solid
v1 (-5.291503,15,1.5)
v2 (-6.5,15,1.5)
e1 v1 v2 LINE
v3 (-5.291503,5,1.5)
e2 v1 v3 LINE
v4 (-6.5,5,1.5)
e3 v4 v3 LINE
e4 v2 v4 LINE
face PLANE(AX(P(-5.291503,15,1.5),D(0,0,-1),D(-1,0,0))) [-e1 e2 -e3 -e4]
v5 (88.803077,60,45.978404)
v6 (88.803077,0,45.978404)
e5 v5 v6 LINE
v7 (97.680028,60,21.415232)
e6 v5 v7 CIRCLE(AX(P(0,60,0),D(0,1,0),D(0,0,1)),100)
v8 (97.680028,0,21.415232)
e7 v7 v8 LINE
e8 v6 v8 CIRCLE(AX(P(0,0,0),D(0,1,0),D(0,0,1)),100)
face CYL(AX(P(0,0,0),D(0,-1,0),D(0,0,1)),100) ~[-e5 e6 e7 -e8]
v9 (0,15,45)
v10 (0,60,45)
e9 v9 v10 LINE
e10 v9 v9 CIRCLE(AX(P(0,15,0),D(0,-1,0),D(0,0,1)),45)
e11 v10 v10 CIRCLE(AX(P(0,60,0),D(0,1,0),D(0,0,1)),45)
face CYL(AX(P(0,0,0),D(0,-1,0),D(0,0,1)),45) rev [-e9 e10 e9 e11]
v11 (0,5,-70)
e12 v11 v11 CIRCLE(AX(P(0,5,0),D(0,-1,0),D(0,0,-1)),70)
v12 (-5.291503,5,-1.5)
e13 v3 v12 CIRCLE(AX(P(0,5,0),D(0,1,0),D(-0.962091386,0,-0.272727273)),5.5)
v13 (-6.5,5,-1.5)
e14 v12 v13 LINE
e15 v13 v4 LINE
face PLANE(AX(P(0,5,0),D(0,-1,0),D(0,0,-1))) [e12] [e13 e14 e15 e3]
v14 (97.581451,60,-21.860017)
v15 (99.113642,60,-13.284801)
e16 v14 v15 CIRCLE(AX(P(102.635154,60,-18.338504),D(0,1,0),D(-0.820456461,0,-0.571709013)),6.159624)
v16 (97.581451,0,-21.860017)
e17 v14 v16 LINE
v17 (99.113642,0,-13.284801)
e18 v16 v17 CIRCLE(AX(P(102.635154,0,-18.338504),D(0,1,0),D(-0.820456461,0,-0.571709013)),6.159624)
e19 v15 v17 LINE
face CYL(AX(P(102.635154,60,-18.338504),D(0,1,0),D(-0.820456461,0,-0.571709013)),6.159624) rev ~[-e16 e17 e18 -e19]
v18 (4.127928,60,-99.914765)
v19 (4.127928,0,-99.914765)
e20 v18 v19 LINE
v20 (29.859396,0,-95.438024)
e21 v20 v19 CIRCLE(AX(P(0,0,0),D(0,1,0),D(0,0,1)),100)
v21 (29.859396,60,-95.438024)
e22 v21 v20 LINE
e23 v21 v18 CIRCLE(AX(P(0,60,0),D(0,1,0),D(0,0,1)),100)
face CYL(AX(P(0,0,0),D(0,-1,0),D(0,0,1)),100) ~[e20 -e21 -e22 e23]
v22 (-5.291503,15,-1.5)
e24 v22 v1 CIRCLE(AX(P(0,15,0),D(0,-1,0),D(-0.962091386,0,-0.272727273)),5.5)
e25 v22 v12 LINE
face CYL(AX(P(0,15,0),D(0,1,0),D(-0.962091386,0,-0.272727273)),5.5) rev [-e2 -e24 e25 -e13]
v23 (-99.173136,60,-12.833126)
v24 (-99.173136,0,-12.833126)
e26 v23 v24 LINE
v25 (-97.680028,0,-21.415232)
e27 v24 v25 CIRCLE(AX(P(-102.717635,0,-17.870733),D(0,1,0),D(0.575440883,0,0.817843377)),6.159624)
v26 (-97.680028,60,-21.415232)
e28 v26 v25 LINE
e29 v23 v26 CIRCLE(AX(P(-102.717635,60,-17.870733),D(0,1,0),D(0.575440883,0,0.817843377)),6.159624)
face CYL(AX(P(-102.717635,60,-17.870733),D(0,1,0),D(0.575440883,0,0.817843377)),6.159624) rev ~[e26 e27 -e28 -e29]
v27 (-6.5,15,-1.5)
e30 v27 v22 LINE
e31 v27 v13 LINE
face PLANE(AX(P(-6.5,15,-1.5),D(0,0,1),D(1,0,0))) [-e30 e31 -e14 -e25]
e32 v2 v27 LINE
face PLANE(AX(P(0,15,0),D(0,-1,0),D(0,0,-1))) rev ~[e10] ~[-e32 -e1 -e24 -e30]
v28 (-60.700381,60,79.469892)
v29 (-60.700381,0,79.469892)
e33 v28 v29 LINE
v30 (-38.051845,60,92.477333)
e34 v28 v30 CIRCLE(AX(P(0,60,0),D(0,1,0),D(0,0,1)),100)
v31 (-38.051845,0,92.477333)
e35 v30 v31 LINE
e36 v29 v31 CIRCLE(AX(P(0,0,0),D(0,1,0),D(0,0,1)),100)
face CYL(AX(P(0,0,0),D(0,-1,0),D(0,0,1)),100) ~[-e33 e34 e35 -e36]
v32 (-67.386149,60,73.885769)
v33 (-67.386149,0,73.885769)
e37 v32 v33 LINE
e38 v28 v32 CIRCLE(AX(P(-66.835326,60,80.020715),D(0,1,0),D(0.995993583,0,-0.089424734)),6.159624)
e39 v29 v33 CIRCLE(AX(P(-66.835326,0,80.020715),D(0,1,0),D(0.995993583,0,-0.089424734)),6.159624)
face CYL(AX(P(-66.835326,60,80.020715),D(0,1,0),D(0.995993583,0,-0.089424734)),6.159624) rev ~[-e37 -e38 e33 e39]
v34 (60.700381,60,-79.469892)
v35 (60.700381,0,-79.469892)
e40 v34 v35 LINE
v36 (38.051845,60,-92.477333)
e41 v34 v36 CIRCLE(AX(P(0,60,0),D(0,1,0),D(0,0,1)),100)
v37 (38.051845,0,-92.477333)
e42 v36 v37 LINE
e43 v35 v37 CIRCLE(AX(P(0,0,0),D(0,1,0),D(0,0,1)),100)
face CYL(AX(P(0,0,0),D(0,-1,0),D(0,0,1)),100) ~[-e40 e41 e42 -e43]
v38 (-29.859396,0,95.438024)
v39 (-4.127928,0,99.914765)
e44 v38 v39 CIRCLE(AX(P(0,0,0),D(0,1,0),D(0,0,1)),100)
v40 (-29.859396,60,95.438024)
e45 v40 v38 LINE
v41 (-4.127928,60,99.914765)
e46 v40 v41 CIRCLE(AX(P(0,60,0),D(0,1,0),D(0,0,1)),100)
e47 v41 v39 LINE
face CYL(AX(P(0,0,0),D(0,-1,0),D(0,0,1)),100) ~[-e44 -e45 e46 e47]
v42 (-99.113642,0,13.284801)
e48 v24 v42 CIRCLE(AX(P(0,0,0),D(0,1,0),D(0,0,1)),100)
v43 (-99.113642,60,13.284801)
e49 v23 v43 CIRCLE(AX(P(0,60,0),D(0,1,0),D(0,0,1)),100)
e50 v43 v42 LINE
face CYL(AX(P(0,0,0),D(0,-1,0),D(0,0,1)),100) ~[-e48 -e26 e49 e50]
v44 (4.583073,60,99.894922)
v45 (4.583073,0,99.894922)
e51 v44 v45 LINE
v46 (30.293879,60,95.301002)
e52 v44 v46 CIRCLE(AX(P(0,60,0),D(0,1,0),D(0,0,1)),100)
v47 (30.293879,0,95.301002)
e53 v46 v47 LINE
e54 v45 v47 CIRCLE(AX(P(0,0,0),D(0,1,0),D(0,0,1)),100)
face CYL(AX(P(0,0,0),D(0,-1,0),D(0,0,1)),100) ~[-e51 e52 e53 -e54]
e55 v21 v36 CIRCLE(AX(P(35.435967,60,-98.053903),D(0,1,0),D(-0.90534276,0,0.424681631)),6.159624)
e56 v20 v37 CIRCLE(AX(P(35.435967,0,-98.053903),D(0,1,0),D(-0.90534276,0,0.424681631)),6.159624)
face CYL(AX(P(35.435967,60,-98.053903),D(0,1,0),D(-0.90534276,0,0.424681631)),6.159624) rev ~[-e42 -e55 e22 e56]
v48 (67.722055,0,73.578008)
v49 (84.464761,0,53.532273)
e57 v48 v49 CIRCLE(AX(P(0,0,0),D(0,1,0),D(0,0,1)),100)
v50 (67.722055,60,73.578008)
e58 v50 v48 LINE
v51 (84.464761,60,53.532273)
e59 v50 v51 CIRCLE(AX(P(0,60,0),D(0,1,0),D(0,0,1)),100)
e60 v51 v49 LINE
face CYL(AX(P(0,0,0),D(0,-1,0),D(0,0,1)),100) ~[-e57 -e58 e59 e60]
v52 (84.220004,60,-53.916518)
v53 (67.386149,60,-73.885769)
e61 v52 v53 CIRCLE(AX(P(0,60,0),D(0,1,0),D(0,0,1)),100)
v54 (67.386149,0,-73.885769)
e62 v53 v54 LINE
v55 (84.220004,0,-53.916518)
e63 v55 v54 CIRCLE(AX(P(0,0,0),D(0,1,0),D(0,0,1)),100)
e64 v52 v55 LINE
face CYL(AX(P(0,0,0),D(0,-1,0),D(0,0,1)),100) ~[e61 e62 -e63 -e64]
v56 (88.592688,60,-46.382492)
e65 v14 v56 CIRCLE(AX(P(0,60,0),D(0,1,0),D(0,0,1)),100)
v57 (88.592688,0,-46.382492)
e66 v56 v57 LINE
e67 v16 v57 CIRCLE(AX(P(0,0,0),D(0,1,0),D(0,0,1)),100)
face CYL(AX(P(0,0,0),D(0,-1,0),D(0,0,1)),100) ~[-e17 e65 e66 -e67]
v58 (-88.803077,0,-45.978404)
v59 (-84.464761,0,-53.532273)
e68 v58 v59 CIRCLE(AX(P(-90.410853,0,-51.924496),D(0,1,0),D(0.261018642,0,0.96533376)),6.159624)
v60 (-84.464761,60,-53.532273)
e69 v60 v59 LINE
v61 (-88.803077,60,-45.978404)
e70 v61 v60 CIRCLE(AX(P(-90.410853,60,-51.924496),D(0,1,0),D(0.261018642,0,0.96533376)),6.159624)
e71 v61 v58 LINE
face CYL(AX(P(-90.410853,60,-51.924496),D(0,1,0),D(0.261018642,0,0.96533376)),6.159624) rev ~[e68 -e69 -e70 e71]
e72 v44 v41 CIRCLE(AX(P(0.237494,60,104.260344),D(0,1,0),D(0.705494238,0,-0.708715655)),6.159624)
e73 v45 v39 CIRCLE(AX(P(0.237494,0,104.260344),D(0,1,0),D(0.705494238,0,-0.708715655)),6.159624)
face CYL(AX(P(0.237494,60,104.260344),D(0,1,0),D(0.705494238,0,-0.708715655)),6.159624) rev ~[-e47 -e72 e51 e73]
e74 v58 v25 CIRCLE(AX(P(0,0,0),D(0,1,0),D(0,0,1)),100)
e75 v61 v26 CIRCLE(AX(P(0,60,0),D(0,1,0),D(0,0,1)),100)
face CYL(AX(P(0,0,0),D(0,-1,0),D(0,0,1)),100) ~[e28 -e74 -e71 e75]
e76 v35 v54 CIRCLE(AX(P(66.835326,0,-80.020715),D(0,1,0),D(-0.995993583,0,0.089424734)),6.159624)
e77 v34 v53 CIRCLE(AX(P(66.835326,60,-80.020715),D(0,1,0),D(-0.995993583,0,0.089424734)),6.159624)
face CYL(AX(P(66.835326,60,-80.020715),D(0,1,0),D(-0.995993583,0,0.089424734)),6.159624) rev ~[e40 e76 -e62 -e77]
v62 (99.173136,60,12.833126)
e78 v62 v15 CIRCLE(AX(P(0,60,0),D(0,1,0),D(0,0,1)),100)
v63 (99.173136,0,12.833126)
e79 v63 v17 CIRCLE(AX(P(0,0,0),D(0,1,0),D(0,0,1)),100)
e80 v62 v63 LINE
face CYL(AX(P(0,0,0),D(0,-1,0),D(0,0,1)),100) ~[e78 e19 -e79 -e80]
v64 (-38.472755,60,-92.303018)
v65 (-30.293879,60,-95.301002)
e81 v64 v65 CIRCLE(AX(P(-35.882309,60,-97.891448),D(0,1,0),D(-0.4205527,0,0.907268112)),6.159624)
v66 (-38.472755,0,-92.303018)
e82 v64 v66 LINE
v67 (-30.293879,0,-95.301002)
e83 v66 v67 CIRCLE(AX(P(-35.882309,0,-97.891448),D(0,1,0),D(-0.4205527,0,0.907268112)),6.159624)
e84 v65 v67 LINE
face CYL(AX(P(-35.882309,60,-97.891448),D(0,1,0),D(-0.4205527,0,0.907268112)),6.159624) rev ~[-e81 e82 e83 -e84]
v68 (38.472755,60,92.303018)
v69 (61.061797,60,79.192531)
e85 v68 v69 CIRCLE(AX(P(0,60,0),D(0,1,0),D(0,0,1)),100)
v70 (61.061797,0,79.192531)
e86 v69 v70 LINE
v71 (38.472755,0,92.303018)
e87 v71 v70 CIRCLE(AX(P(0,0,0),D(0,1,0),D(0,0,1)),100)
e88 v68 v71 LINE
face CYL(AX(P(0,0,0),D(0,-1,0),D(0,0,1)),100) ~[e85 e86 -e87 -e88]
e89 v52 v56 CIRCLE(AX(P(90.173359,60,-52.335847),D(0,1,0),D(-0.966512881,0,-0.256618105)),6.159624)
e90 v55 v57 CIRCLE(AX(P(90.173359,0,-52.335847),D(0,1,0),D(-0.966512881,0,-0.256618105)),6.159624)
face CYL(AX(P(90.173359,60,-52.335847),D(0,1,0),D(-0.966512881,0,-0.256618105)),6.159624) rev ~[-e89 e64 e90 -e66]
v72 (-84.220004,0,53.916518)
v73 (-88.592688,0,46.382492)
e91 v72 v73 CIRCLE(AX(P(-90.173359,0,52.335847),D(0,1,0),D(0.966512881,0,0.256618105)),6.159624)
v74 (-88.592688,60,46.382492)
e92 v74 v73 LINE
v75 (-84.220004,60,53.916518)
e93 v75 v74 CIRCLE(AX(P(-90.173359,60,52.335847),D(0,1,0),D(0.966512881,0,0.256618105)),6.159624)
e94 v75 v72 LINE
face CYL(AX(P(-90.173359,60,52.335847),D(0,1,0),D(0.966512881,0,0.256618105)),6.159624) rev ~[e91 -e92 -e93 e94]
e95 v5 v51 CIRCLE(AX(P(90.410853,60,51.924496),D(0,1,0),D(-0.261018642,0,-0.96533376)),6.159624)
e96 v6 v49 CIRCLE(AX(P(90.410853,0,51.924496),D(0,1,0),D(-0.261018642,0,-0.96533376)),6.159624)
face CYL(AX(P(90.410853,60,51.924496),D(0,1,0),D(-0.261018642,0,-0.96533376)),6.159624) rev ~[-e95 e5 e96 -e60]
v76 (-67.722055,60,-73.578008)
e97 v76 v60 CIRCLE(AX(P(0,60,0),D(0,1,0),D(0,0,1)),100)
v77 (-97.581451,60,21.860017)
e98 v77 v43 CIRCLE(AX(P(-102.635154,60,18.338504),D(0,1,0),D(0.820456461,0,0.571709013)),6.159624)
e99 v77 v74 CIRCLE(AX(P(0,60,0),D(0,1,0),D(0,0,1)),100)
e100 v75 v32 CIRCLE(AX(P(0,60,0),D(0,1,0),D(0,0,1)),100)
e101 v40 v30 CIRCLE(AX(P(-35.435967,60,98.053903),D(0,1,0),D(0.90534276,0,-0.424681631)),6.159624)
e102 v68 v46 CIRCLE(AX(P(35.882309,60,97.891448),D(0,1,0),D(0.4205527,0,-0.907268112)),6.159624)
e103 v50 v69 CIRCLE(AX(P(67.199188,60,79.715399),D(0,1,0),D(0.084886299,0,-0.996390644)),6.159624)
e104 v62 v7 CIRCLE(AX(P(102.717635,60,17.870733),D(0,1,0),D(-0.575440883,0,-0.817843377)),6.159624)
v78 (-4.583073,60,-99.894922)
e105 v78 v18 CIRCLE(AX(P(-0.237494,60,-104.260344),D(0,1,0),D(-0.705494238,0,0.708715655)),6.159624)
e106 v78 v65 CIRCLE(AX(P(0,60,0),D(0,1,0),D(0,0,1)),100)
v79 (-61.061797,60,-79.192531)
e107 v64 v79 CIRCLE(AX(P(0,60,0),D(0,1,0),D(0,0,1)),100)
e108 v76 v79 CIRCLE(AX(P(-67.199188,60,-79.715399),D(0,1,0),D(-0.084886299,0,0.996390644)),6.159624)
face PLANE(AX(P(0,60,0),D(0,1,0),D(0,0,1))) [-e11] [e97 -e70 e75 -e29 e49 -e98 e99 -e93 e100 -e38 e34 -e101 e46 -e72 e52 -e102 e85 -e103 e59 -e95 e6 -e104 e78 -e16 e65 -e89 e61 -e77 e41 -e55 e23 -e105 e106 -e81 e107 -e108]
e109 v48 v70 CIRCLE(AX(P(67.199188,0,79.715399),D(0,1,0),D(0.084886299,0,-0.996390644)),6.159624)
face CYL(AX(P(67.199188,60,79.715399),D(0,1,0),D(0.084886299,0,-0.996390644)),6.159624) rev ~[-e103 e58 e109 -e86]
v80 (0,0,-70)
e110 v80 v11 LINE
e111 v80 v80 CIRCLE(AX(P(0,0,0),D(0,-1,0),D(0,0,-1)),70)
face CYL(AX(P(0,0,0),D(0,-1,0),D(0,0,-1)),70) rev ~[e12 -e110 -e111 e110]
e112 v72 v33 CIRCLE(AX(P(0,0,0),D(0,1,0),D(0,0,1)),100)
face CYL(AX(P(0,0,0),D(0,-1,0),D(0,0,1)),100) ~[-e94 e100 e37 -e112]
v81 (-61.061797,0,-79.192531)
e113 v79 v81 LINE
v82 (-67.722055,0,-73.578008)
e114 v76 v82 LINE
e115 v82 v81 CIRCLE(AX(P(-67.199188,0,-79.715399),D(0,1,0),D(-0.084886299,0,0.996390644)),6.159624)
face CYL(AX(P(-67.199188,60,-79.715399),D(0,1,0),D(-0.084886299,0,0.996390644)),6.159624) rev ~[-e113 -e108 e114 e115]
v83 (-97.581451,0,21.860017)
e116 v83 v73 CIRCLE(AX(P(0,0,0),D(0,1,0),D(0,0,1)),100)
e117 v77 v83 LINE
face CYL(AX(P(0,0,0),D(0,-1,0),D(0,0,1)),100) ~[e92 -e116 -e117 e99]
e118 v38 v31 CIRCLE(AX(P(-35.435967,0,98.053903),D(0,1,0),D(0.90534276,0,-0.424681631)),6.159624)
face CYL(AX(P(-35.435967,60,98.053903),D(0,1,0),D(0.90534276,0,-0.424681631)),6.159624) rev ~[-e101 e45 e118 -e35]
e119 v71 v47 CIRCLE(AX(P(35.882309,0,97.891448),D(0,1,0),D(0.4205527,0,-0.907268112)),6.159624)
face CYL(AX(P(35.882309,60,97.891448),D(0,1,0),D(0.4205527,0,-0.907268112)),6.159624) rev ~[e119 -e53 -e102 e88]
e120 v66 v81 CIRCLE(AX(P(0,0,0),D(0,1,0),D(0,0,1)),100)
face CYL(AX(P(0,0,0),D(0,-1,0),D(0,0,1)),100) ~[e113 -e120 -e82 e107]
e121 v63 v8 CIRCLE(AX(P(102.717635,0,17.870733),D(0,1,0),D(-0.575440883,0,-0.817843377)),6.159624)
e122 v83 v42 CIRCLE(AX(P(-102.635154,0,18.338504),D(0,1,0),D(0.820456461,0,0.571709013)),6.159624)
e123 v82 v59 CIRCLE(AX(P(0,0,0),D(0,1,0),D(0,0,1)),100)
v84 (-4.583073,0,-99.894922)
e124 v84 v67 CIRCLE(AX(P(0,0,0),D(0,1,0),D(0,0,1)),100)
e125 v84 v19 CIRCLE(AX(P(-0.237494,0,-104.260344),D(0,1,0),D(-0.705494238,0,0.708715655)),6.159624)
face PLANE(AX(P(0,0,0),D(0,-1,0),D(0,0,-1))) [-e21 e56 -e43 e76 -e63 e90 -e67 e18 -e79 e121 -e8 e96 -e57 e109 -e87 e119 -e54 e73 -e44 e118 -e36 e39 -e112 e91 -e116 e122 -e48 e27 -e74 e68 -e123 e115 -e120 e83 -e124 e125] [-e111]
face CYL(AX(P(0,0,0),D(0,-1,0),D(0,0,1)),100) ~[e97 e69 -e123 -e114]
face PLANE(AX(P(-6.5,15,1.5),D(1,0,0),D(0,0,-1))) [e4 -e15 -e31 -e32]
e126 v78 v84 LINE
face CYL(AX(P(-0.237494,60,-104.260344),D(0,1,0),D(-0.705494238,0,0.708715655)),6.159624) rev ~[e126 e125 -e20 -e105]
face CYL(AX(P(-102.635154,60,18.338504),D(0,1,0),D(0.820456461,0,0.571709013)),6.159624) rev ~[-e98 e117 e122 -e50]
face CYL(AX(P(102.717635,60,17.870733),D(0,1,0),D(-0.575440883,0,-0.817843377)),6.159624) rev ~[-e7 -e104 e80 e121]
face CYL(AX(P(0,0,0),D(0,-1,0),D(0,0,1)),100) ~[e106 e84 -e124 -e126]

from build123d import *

# Parameters (mm, degrees)
SKETCH1_R           = 100
SKETCH1_R_2         = 45
BOSS_EXTRUDE1_DEPTH = 60
SKETCH2_R           = 45
BOSS_EXTRUDE2_DEPTH = 15
CUT_EXTRUDE2_DEPTH  = 85
SKETCH5_R           = 70
CUT_EXTRUDE3_DEPTH  = 5
CUT_EXTRUDE4_DEPTH  = 50


with BuildPart() as part:
    # Sketch1 → Boss-Extrude1 (new body)
    with BuildSketch(Plane(origin=(0, 0, 0), x_dir=(1, 0, 0), z_dir=(0, 1, 0))):
        with Locations(Location((0, 0, 0), (0, 0, 270))):
            Circle(SKETCH1_R)
        with Locations(Location((0, 0, 0), (0, 0, 270))):
            Circle(SKETCH1_R_2, mode=Mode.SUBTRACT)
    extrude(amount=BOSS_EXTRUDE1_DEPTH)

    # Sketch2 → Boss-Extrude2 (add)
    with BuildSketch(Plane.XZ):
        with Locations(Location((0, 0, 0), (0, 0, 270))):
            Circle(SKETCH2_R)
    extrude(amount=-BOSS_EXTRUDE2_DEPTH)

    # Sketch4 → Cut-Extrude2 (cut)
    with BuildSketch(Plane(origin=(0, 60, 0), x_dir=(1, 0, 0), z_dir=(0, 1, 0))):
        with BuildLine():
            ThreePointArc((-4.583072667, 99.894922018), (-0.223462851, 98.100736099), (4.127927842, 99.914764733))
            ThreePointArc((4.127927842, 99.914764733), (-0.236423106, 103.790319504), (-4.583072667, 99.894922018))
        make_face()
        with BuildLine():
            ThreePointArc((29.85939598, 95.438024244), (33.342441429, 92.260966602), (38.051845487, 92.477332655))
            ThreePointArc((38.051845487, 92.477332655), (35.276214905, 97.611858812), (29.85939598, 95.438024244))
        make_face()
        with BuildLine():
            ThreePointArc((60.700380795, 79.469892232), (62.88675519, 75.293162907), (67.386148981, 73.885769439))
            ThreePointArc((67.386148981, 73.885769439), (66.534020776, 79.659967349), (60.700380795, 79.469892232))
        make_face()
        with BuildLine():
            ThreePointArc((84.220003843, 53.916518366), (84.845998166, 49.243892556), (88.592688393, 46.38249199))
            ThreePointArc((88.592688393, 46.38249199), (89.766841805, 52.099908168), (84.220003843, 53.916518366))
        make_face()
        with BuildLine():
            ThreePointArc((97.581451473, 21.860016662), (96.57156157, 17.255082), (99.113642097, 13.284801475))
            ThreePointArc((99.113642097, 13.284801475), (102.172456894, 18.255831149), (97.581451473, 21.860016662))
        make_face()
        with BuildLine():
            ThreePointArc((99.173135906, -12.833125672), (96.649169404, -16.814946103), (97.680027802, -21.415232161))
            ThreePointArc((97.680027802, -21.415232161), (102.254565777, -17.790168534), (99.173135906, -12.833125672))
        make_face()
        with BuildLine():
            ThreePointArc((88.80307651, -45.978403652), (85.069461017, -48.856843544), (84.464760551, -53.532272743))
            ThreePointArc((84.464760551, -53.532272743), (90.003264911, -51.690411336), (88.80307651, -45.978403652))
        make_face()
        with BuildLine():
            ThreePointArc((67.722055492, -73.578007583), (63.229120141, -75.005884603), (61.06179661, -79.19253118))
            ThreePointArc((61.06179661, -79.19253118), (66.896241989, -79.356027663), (67.722055492, -73.578007583))
        make_face()
        with BuildLine():
            ThreePointArc((38.472755112, -92.303017904), (33.762414213, -92.10810901), (30.293878822, -95.3010016))
            ThreePointArc((30.293878822, -95.3010016), (35.720545001, -97.450135883), (38.472755112, -92.303017904))
        make_face()
        with BuildLine():
            ThreePointArc((4.583072667, -99.894922018), (0.223462851, -98.100736099), (-4.127927842, -99.914764733))
            ThreePointArc((-4.127927842, -99.914764733), (0.236423106, -103.790319504), (4.583072667, -99.894922018))
        make_face()
        with BuildLine():
            ThreePointArc((-29.85939598, -95.438024244), (-33.342441429, -92.260966602), (-38.051845487, -92.477332655))
            ThreePointArc((-38.051845487, -92.477332655), (-35.276214905, -97.611858812), (-29.85939598, -95.438024244))
        make_face()
        with BuildLine():
            ThreePointArc((-60.700380795, -79.469892232), (-62.88675519, -75.293162907), (-67.386148981, -73.885769439))
            ThreePointArc((-67.386148981, -73.885769439), (-66.534020776, -79.659967349), (-60.700380795, -79.469892232))
        make_face()
        with BuildLine():
            ThreePointArc((-84.220003843, -53.916518366), (-84.845998166, -49.243892556), (-88.592688393, -46.38249199))
            ThreePointArc((-88.592688393, -46.38249199), (-89.766841805, -52.099908168), (-84.220003843, -53.916518366))
        make_face()
        with BuildLine():
            ThreePointArc((-97.581451473, -21.860016662), (-96.57156157, -17.255082), (-99.113642097, -13.284801475))
            ThreePointArc((-99.113642097, -13.284801475), (-102.172456894, -18.255831149), (-97.581451473, -21.860016662))
        make_face()
        with BuildLine():
            ThreePointArc((-99.173135906, 12.833125672), (-96.649169404, 16.814946103), (-97.680027802, 21.415232161))
            ThreePointArc((-97.680027802, 21.415232161), (-102.254565777, 17.790168534), (-99.173135906, 12.833125672))
        make_face()
        with BuildLine():
            ThreePointArc((-88.80307651, 45.978403652), (-85.069461017, 48.856843544), (-84.464760551, 53.532272743))
            ThreePointArc((-84.464760551, 53.532272743), (-90.003264911, 51.690411336), (-88.80307651, 45.978403652))
        make_face()
        with BuildLine():
            ThreePointArc((-67.722055492, 73.578007583), (-63.229120141, 75.005884603), (-61.06179661, 79.19253118))
            ThreePointArc((-61.06179661, 79.19253118), (-66.896241989, 79.356027663), (-67.722055492, 73.578007583))
        make_face()
        with BuildLine():
            ThreePointArc((-38.472755112, 92.303017904), (-33.762414213, 92.10810901), (-30.293878822, 95.3010016))
            ThreePointArc((-30.293878822, 95.3010016), (-35.720545001, 97.450135883), (-38.472755112, 92.303017904))
        make_face()
    extrude(amount=-CUT_EXTRUDE2_DEPTH, mode=Mode.SUBTRACT)

    # Sketch5 → Cut-Extrude3 (cut)
    with BuildSketch(Plane.XZ):
        with Locations(Location((0, 0, 0), (0, 0, 270))):
            Circle(SKETCH5_R)
    extrude(amount=-CUT_EXTRUDE3_DEPTH, mode=Mode.SUBTRACT)

    # Sketch3 → Cut-Extrude4 (cut)
    with BuildSketch(Plane(origin=(0, 15, 0), x_dir=(1, 0, 0), z_dir=(0, 1, 0))):
        with BuildLine():
            Line((-6.5, 1.5), (-5.291502622, 1.5))
            ThreePointArc((-5.291502622, 1.5), (5.5, 0), (-5.291502622, -1.5))
            Line((-5.291502622, -1.5), (-6.5, -1.5))
            Line((-6.5, -1.5), (-6.5, 1.5))
        make_face()
    extrude(amount=-CUT_EXTRUDE4_DEPTH, mode=Mode.SUBTRACT)


solid = part.part
